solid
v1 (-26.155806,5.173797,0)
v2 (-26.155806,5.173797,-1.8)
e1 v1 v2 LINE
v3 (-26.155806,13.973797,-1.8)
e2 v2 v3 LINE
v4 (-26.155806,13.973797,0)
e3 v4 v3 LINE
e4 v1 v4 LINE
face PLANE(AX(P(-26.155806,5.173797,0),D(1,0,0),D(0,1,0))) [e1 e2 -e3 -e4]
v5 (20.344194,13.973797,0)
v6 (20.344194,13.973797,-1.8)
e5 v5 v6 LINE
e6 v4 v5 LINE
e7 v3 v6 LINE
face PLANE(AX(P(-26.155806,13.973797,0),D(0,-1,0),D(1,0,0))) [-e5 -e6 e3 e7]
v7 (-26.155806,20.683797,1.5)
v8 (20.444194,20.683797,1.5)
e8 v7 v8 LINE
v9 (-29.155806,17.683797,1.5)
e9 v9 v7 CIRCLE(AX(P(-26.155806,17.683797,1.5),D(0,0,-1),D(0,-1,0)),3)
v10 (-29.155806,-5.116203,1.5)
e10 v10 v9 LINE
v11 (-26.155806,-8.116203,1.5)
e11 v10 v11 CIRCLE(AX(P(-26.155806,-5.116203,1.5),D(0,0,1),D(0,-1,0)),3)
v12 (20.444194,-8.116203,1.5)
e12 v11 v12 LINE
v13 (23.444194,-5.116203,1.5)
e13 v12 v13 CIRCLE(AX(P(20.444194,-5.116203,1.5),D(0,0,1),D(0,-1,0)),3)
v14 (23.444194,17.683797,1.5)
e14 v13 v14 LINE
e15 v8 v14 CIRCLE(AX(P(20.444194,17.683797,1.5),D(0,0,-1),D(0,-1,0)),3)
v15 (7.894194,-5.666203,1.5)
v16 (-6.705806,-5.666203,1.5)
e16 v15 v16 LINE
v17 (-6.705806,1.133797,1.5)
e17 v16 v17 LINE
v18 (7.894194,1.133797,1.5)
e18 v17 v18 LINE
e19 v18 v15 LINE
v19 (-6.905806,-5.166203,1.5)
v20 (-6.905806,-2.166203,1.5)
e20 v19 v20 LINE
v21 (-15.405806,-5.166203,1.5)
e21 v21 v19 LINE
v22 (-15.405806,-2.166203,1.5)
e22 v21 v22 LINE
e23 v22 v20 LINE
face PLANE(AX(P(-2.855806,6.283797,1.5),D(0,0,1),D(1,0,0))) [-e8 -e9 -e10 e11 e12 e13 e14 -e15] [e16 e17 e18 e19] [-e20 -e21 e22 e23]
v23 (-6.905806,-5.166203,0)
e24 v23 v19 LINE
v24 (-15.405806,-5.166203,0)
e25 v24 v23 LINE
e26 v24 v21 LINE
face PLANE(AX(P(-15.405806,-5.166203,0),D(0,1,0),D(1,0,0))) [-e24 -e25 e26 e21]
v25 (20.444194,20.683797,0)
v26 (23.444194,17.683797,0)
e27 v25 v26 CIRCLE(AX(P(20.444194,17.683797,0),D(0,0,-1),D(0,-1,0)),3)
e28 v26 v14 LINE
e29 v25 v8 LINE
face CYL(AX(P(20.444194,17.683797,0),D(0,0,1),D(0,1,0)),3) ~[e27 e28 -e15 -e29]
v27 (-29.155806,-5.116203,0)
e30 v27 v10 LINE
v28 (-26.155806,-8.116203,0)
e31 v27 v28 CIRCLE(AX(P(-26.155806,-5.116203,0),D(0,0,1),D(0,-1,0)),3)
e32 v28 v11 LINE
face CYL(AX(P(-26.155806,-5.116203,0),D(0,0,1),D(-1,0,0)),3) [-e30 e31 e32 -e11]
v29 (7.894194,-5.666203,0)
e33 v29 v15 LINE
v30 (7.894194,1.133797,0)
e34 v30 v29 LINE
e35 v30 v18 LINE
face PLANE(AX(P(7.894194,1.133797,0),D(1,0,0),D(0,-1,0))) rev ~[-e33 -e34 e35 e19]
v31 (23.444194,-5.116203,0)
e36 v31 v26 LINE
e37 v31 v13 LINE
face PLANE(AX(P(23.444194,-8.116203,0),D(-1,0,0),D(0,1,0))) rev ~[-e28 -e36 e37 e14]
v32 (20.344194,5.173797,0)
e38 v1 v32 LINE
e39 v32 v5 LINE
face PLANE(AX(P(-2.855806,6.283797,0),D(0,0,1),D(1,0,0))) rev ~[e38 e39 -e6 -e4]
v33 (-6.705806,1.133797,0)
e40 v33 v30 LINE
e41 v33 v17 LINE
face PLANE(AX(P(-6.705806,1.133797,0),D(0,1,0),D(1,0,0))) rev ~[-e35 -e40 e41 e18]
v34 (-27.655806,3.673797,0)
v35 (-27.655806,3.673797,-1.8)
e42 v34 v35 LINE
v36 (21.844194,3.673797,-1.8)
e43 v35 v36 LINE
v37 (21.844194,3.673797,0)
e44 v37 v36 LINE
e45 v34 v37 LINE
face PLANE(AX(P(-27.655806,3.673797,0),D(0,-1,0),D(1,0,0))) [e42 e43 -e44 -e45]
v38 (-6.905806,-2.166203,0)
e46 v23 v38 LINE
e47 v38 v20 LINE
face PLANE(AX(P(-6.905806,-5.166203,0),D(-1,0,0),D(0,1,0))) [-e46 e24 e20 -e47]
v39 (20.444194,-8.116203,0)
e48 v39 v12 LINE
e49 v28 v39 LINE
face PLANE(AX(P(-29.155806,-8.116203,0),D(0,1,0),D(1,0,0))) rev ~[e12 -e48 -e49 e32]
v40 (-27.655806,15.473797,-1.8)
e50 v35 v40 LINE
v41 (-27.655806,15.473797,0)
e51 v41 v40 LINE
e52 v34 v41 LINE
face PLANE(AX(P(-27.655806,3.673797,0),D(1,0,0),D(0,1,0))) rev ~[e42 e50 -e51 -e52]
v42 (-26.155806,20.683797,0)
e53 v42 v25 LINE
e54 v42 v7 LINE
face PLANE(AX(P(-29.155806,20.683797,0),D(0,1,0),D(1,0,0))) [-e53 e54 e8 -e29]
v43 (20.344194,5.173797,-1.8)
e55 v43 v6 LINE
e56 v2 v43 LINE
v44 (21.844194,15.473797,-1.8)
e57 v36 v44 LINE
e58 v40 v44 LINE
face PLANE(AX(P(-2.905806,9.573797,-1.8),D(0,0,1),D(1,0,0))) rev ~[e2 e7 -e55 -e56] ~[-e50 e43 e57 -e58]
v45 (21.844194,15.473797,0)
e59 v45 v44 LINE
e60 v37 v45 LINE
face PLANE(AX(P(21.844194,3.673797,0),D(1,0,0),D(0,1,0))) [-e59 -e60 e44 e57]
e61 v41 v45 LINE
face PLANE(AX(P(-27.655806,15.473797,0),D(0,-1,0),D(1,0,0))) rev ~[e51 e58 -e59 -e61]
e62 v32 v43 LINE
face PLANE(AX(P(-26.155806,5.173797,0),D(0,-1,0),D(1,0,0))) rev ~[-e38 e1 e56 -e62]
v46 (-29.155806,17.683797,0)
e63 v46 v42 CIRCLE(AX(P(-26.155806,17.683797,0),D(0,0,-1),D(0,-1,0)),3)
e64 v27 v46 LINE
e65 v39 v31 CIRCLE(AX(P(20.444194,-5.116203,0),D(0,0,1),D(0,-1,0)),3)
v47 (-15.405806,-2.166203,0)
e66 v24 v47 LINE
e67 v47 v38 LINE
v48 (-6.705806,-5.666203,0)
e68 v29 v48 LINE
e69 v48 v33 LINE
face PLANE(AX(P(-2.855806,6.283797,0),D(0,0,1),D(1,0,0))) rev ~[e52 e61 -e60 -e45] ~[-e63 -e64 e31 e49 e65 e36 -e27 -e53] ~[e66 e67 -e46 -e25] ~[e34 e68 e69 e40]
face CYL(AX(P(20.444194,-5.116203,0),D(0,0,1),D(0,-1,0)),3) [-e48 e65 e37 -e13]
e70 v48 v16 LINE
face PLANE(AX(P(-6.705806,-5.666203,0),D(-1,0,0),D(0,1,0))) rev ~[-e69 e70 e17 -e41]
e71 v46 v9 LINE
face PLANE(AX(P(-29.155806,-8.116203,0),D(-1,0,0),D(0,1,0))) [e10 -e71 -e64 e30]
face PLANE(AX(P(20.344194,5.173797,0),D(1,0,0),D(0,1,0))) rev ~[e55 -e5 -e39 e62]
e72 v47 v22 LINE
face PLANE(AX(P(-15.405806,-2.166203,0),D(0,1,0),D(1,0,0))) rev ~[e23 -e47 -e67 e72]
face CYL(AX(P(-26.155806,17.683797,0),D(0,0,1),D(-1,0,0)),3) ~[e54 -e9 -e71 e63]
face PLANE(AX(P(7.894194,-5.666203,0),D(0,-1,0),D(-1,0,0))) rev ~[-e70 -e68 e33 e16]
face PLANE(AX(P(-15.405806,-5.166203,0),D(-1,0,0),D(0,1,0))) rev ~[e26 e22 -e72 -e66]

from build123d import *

# Parameters (mm, degrees)
F0_W     = 52.6
F0_H     = 28.8
F0_W_2   = 49.5
F0_H_2   = 11.8
F0_W_3   = 48
F0_H_3   = 2.52
F0_W_4   = 46.5
F0_H_4   = 8.8
F0_W_5   = 8.5
F0_H_5   = 3
F0_W_6   = 46.4
F0_H_6   = 0.92
F1_DEPTH = 1.5
F2_DEPTH = 1.8
F3_R     = 3


with BuildPart() as f1:
    # F0 (on Top) → F1 (new body)
    with BuildSketch(Plane.XY):
        with Locations((-2.8558062509, 6.2837967607)):
            Rectangle(F0_W, F0_H)
        Polygon((-26.6058062509, -3.4749299184), (-22.0043773293, -3.4749299184), (-22.0043773293, 1.2337967607), (20.8956226707, 1.2337967607), (20.8956226707, -4.7466191463), (20.8941937491, -4.7466191463), (20.8941937491, -5.2662032393), (20.8941937491, -5.8827909378), (20.8941937491, -6.0662032393), (-26.6058062509, -6.0662032393), (-26.6058062509, -5.2662032393), align=None, mode=Mode.SUBTRACT)
        with Locations((-2.9058062509, 9.5737967607)):
            Rectangle(F0_W_2, F0_H_2, mode=Mode.SUBTRACT)
        with Locations((-2.6558062509, 17.6337967607)):
            Rectangle(F0_W_3, F0_H_3, mode=Mode.SUBTRACT)
        with Locations((-2.9058062509, 9.5737967607)):
            Rectangle(F0_W_2, F0_H_2)
        with Locations((-2.9058062509, 9.5737967607)):
            Rectangle(F0_W_4, F0_H_4, mode=Mode.SUBTRACT)
        with Locations((-2.9058062509, 9.5737967607)):
            Rectangle(F0_W_4, F0_H_4)
        Polygon((-22.0043773293, 1.2337967607), (-22.0043773293, -3.4749299184), (-26.6058062509, -3.4749299184), (-26.6058062509, -5.2662032393), (-26.6058062509, -6.0662032393), (20.8941937491, -6.0662032393), (20.8941937491, -5.8827909378), (20.8941937491, -5.2662032393), (20.8941937491, -4.7466191463), (20.8956226707, -4.7466191463), (20.8956226707, 1.2337967607), align=None)
        with Locations((-11.1558062509, -3.6662032393)):
            Rectangle(F0_W_5, F0_H_5, mode=Mode.SUBTRACT)
        Polygon((7.8941937491, 1.1337967607), (7.8941937491, -5.2662032393), (7.8941937491, -5.3662032393), (20.7941937491, -5.3662032393), (20.7941937491, -5.9662032393), (-26.5058062509, -5.9662032393), (-26.5058062509, -5.3662032393), (-6.7058062509, -5.3662032393), (-6.7058062509, -5.2662032393), (-6.7058062509, 1.1337967607), align=None, mode=Mode.SUBTRACT)
        with Locations((-2.6558062509, 17.6337967607)):
            Rectangle(F0_W_3, F0_H_3)
        with Locations((-2.6558062509, 17.6337967607)):
            Rectangle(F0_W_6, F0_H_6, mode=Mode.SUBTRACT)
        with Locations((-2.6558062509, 17.6337967607)):
            Rectangle(F0_W_6, F0_H_6)
        Polygon((20.7941937491, -5.3662032393), (7.8941937491, -5.3662032393), (7.8941937491, -5.6662032393), (-6.7058062509, -5.6662032393), (-6.7058062509, -5.3662032393), (-26.5058062509, -5.3662032393), (-26.5058062509, -5.9662032393), (20.7941937491, -5.9662032393), align=None)
    extrude(amount=F1_DEPTH)

    # F0 (on Top) → F2 (join)
    with BuildSketch(Plane.XY):
        with Locations((-2.9058062509, 9.5737967607)):
            Rectangle(F0_W_2, F0_H_2)
        with Locations((-2.9058062509, 9.5737967607)):
            Rectangle(F0_W_4, F0_H_4, mode=Mode.SUBTRACT)
    extrude(amount=-F2_DEPTH)

    # F3
    f3_edges = [f1.edges().sort_by_distance(p)[0] for p in [
        (23.444194, -8.116203, 0.75),
        (23.444194, 20.683797, 0.75),
        (-29.155806, 20.683797, 0.75),
        (-29.155806, -8.116203, 0.75),
    ]]
    fillet(f3_edges, radius=F3_R)


solid = f1.part
